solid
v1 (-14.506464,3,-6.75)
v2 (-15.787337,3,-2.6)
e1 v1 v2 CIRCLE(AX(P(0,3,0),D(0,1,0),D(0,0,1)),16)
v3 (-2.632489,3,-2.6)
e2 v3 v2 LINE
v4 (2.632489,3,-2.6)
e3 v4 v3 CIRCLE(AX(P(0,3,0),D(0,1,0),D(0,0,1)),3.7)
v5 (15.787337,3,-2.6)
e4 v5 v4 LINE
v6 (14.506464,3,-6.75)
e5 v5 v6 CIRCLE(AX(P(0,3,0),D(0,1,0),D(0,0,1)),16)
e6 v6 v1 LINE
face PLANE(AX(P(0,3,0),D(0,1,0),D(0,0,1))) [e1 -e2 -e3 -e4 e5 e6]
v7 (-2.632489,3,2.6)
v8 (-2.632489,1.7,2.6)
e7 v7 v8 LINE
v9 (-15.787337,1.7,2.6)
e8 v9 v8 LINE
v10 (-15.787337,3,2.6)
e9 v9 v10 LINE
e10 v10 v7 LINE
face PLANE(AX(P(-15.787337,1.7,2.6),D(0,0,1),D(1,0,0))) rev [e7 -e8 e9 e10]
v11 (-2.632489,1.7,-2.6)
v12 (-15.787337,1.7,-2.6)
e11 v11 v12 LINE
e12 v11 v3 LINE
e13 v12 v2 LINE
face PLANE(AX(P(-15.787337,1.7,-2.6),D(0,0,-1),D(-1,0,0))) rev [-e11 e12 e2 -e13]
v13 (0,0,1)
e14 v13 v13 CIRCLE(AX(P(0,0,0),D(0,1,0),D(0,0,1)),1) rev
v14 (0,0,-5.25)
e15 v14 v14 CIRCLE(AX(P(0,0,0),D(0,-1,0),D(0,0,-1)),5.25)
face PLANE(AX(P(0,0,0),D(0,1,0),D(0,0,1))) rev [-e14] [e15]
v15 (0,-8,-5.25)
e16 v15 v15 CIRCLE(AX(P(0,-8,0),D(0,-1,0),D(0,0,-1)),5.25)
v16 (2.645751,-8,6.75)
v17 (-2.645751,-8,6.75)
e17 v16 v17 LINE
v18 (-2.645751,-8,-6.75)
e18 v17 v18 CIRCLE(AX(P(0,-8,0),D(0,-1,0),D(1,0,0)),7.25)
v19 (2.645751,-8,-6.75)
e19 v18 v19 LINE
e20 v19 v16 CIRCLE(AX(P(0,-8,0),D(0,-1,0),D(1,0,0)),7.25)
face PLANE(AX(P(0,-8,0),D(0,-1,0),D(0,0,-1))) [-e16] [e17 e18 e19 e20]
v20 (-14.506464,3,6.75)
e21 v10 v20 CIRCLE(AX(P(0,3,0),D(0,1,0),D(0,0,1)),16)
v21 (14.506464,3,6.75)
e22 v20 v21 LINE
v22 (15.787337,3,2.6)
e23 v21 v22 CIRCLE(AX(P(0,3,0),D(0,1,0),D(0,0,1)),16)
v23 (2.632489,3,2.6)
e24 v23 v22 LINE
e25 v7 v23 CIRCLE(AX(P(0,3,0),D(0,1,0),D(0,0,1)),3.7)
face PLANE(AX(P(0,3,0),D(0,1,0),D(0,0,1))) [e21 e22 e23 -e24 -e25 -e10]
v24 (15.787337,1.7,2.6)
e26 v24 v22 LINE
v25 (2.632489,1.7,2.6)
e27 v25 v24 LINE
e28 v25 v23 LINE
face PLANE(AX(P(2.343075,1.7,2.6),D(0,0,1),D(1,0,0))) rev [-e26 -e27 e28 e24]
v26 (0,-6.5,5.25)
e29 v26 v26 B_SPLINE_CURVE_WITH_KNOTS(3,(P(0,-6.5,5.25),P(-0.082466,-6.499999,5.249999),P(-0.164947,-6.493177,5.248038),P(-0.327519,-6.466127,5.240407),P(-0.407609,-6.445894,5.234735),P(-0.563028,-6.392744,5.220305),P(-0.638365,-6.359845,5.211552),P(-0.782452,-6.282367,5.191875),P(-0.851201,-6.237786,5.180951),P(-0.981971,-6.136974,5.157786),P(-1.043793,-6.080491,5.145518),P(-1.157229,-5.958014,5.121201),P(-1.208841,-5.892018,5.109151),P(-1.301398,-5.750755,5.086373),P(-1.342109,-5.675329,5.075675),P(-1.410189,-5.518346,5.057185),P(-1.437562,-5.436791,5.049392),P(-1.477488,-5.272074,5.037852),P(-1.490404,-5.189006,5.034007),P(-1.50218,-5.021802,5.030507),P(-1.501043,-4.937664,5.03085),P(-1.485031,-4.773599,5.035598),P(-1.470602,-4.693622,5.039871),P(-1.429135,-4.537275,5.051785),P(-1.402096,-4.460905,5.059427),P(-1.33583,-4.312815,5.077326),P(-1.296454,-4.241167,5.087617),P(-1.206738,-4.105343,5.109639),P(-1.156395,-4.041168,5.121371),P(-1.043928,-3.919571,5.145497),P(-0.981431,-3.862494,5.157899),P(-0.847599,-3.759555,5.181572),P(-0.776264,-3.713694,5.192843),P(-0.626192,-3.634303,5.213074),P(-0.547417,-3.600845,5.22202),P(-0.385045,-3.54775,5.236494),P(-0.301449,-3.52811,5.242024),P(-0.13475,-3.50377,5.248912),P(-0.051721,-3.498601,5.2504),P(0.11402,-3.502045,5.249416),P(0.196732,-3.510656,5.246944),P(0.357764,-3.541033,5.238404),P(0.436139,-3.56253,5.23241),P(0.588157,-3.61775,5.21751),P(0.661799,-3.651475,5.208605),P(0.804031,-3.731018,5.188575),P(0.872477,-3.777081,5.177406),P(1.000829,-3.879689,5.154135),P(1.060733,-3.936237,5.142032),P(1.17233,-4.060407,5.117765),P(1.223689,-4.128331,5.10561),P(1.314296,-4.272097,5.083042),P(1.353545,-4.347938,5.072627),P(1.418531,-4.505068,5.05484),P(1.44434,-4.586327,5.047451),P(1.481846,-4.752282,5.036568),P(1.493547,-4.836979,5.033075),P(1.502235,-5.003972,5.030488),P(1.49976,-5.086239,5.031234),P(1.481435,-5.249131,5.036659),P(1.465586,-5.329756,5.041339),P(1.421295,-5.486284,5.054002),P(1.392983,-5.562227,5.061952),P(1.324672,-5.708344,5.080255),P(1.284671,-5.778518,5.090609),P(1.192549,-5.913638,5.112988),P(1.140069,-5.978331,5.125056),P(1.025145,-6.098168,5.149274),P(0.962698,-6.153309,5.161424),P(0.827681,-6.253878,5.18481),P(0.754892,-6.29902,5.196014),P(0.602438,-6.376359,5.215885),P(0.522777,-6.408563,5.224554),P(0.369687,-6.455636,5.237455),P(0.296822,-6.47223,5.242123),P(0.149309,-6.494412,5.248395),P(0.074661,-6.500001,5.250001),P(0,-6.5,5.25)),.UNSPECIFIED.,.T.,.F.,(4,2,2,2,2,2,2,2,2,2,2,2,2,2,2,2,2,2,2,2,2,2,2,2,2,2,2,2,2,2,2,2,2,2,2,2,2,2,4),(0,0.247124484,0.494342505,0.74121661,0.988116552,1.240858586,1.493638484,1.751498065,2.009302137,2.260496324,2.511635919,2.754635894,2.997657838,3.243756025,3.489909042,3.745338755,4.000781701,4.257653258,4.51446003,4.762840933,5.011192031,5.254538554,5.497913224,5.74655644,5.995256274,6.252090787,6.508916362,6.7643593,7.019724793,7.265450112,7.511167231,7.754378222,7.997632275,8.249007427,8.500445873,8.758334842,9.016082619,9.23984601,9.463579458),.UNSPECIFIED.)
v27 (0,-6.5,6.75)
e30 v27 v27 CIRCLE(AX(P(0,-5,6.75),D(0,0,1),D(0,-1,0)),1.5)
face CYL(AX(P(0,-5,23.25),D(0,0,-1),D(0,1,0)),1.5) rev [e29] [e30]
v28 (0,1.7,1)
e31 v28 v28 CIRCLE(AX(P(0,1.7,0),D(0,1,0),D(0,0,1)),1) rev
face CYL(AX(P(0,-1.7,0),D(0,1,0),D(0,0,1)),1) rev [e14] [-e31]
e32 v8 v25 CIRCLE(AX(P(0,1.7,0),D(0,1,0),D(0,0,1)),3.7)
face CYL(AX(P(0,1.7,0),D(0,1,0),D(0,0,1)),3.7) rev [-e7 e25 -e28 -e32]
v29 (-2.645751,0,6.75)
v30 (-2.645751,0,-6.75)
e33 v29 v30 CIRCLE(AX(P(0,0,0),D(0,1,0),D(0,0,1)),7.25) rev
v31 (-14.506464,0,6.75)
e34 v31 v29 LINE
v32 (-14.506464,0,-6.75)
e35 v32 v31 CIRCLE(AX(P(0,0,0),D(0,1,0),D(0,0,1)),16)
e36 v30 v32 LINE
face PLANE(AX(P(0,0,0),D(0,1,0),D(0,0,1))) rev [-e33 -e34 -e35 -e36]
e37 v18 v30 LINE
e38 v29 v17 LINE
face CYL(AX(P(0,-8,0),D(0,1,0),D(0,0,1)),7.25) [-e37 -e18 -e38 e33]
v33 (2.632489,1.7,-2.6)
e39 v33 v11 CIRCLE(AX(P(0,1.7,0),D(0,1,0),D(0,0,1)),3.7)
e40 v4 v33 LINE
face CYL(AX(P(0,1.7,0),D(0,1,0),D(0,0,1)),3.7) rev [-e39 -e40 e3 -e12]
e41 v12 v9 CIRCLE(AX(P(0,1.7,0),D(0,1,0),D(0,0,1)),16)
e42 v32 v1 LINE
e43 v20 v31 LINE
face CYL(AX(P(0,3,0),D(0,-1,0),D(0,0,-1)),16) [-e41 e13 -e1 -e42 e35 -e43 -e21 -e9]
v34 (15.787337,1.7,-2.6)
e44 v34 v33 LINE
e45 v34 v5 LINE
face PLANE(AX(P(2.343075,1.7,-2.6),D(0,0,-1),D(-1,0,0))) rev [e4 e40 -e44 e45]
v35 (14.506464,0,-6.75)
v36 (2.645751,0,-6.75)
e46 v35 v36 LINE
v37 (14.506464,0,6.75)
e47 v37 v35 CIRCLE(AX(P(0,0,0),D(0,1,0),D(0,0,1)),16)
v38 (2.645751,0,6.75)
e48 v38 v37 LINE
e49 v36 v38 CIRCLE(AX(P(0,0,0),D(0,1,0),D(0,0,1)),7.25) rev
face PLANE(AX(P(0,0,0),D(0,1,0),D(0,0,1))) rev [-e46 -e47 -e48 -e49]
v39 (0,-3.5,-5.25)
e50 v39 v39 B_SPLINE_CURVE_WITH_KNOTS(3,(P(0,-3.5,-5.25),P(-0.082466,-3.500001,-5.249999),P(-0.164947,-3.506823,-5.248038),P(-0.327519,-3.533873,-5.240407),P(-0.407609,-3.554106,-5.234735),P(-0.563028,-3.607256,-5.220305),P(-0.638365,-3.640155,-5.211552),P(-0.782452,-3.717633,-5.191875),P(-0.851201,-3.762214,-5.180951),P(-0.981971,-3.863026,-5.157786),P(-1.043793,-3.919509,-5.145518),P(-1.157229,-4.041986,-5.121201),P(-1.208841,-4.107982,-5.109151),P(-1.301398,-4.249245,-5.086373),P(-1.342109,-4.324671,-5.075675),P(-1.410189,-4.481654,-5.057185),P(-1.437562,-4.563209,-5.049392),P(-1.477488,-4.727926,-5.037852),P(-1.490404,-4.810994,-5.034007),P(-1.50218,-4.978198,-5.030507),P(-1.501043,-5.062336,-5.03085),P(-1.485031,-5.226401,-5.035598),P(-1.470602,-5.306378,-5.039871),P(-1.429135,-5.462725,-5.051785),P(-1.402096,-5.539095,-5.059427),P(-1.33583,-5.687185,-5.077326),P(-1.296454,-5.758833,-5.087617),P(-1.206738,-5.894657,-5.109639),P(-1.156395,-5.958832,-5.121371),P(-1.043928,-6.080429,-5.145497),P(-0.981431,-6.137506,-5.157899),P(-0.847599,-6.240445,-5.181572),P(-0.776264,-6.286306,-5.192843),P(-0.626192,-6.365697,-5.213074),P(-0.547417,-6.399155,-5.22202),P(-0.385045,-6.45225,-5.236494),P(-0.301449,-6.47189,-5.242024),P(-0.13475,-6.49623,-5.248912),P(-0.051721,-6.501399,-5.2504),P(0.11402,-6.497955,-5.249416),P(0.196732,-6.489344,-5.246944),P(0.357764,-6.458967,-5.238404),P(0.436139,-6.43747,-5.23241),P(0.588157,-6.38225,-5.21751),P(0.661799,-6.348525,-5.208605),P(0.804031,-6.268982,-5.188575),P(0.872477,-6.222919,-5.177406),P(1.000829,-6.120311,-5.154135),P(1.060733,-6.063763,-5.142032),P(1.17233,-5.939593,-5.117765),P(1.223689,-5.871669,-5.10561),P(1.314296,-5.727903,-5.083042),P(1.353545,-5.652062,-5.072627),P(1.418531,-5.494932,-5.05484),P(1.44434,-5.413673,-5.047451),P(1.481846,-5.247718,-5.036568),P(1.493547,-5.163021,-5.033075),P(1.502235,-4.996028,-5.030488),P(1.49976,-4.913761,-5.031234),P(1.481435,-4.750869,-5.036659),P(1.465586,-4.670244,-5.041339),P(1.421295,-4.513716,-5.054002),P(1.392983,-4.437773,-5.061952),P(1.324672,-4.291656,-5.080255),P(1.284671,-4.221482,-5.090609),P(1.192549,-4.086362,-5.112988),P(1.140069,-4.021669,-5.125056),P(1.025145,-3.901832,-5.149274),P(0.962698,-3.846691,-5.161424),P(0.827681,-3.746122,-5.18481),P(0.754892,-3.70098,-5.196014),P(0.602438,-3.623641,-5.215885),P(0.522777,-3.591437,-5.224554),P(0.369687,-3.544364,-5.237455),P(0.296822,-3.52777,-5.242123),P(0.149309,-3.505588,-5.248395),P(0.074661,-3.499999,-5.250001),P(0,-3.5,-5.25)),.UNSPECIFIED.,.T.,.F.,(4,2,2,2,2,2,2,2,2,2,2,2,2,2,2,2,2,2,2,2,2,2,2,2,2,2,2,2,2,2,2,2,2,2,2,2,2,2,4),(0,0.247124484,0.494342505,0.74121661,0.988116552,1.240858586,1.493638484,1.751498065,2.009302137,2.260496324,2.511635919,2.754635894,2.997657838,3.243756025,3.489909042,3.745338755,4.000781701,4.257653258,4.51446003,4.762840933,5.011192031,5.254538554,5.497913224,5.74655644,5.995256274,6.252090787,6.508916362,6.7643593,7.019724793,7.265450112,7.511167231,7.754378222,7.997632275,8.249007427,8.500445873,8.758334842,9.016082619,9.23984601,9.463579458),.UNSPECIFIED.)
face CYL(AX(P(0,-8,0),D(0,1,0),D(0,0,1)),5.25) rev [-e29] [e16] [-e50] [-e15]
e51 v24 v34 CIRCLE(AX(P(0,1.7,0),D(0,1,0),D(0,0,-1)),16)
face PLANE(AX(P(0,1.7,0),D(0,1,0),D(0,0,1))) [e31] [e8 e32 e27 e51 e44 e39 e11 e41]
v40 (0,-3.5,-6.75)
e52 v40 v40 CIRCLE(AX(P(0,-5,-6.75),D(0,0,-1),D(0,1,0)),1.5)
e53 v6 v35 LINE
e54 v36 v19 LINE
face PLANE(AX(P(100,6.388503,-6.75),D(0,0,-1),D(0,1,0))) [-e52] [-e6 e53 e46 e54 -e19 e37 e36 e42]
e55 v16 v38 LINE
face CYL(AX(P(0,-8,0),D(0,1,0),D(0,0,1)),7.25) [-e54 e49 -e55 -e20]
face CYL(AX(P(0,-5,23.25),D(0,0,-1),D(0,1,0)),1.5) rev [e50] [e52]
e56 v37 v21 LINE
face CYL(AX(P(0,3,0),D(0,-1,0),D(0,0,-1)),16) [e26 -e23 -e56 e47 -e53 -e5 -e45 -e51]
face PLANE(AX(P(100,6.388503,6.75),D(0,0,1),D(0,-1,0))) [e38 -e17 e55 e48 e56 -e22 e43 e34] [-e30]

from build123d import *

# Parameters (mm, degrees)
SKETCH1_R               = 16
BOSS_EXTRUDE1_DEPTH     = 3
CUT_EXTRUDE1_START      = -1.3
CUT_EXTRUDE1_DEPTH      = 1.3
CUT_EXTRUDE3_DEPTH      = 2
CUT_EXTRUDE3_DEPTH_BACK = 2
SKETCH4_R               = 1
SKETCH5_R               = 7.25
SKETCH5_R_2             = 5.25
EXTRUDE_THIN1_DEPTH     = 8
CUT_EXTRUDE4_DEPTH      = 100
CUT_EXTRUDE4_DEPTH_BACK = 100
SKETCH6_W               = 10.574311585
SKETCH6_H               = 20.455042326
SKETCH6_W_2             = 9.477353479
SKETCH6_H_2             = 21.35841959
SKETCH7_R               = 1.5
CUT_EXTRUDE5_DEPTH      = 30
SKETCH8_R               = 3.7
CUT_EXTRUDE6_DEPTH      = 1.3


with BuildPart() as part:
    # Sketch1 → Boss-Extrude1 (new body)
    with BuildSketch(Plane(origin=(0, 0, 0), x_dir=(1, 0, 0), z_dir=(0, 1, 0))):
        Circle(SKETCH1_R)
    extrude(amount=BOSS_EXTRUDE1_DEPTH)

    # Sketch2 → Cut-Extrude1 (cut)
    with BuildSketch(Plane(origin=(0, 3, 0), x_dir=(1, 0, 0), z_dir=(0, 1, 0)).offset(CUT_EXTRUDE1_START)):
        with BuildLine():
            Line((-15.787336697, 2.6), (-2.343074903, 2.6))
            ThreePointArc((-2.343074903, 2.6), (0, 3.5), (2.343074903, 2.6))
            Line((2.343074903, 2.6), (15.787336697, 2.6))
            ThreePointArc((15.787336697, 2.6), (16, 0), (15.787336697, -2.6))
            Line((15.787336697, -2.6), (2.343074903, -2.6))
            ThreePointArc((2.343074903, -2.6), (0, -3.5), (-2.343074903, -2.6))
            Line((-2.343074903, -2.6), (-15.787336697, -2.6))
            ThreePointArc((-15.787336697, -2.6), (-16, 0), (-15.787336697, 2.6))
        make_face()
    extrude(amount=CUT_EXTRUDE1_DEPTH, mode=Mode.SUBTRACT)

    # Sketch4 → Cut-Extrude3 (cut, two sides: drawn at the far end of the back side and taken through both)
    with BuildSketch(Plane.XZ.offset(-0.3).offset(-CUT_EXTRUDE3_DEPTH_BACK)):
        Circle(SKETCH4_R)
    extrude(amount=CUT_EXTRUDE3_DEPTH + CUT_EXTRUDE3_DEPTH_BACK, mode=Mode.SUBTRACT)

    # Sketch5 → Extrude-Thin1 (add)
    with BuildSketch(Plane.XZ):
        Circle(SKETCH5_R)
        Circle(SKETCH5_R_2, mode=Mode.SUBTRACT)
    extrude(amount=EXTRUDE_THIN1_DEPTH)

    # Sketch6 → Cut-Extrude4 (cut, two sides: drawn at the far end of the back side and taken through both)
    with BuildSketch(Plane(origin=(0, 0, 0), x_dir=(0, 0, -1), z_dir=(1, 0, 0)).offset(-CUT_EXTRUDE4_DEPTH_BACK)):
        with Locations((-12.037155793, -3.839018001)):
            Rectangle(SKETCH6_W, SKETCH6_H)
        with Locations((11.48867674, -4.290706633)):
            Rectangle(SKETCH6_W_2, SKETCH6_H_2)
    extrude(amount=CUT_EXTRUDE4_DEPTH + CUT_EXTRUDE4_DEPTH_BACK, mode=Mode.SUBTRACT)

    # Sketch7 → Cut-Extrude5 (cut)
    with BuildSketch(Plane(origin=(0, 0, -6.75), x_dir=(-1, 0, 0), z_dir=(0, 0, -1))):
        with Locations((0, -5)):
            Circle(SKETCH7_R)
    extrude(amount=-CUT_EXTRUDE5_DEPTH, mode=Mode.SUBTRACT)

    # Sketch8 → Cut-Extrude6 (cut)
    with BuildSketch(Plane(origin=(0, 3, 0), x_dir=(1, 0, 0), z_dir=(0, 1, 0))):
        Circle(SKETCH8_R)
    extrude(amount=-CUT_EXTRUDE6_DEPTH, mode=Mode.SUBTRACT)


solid = part.part
